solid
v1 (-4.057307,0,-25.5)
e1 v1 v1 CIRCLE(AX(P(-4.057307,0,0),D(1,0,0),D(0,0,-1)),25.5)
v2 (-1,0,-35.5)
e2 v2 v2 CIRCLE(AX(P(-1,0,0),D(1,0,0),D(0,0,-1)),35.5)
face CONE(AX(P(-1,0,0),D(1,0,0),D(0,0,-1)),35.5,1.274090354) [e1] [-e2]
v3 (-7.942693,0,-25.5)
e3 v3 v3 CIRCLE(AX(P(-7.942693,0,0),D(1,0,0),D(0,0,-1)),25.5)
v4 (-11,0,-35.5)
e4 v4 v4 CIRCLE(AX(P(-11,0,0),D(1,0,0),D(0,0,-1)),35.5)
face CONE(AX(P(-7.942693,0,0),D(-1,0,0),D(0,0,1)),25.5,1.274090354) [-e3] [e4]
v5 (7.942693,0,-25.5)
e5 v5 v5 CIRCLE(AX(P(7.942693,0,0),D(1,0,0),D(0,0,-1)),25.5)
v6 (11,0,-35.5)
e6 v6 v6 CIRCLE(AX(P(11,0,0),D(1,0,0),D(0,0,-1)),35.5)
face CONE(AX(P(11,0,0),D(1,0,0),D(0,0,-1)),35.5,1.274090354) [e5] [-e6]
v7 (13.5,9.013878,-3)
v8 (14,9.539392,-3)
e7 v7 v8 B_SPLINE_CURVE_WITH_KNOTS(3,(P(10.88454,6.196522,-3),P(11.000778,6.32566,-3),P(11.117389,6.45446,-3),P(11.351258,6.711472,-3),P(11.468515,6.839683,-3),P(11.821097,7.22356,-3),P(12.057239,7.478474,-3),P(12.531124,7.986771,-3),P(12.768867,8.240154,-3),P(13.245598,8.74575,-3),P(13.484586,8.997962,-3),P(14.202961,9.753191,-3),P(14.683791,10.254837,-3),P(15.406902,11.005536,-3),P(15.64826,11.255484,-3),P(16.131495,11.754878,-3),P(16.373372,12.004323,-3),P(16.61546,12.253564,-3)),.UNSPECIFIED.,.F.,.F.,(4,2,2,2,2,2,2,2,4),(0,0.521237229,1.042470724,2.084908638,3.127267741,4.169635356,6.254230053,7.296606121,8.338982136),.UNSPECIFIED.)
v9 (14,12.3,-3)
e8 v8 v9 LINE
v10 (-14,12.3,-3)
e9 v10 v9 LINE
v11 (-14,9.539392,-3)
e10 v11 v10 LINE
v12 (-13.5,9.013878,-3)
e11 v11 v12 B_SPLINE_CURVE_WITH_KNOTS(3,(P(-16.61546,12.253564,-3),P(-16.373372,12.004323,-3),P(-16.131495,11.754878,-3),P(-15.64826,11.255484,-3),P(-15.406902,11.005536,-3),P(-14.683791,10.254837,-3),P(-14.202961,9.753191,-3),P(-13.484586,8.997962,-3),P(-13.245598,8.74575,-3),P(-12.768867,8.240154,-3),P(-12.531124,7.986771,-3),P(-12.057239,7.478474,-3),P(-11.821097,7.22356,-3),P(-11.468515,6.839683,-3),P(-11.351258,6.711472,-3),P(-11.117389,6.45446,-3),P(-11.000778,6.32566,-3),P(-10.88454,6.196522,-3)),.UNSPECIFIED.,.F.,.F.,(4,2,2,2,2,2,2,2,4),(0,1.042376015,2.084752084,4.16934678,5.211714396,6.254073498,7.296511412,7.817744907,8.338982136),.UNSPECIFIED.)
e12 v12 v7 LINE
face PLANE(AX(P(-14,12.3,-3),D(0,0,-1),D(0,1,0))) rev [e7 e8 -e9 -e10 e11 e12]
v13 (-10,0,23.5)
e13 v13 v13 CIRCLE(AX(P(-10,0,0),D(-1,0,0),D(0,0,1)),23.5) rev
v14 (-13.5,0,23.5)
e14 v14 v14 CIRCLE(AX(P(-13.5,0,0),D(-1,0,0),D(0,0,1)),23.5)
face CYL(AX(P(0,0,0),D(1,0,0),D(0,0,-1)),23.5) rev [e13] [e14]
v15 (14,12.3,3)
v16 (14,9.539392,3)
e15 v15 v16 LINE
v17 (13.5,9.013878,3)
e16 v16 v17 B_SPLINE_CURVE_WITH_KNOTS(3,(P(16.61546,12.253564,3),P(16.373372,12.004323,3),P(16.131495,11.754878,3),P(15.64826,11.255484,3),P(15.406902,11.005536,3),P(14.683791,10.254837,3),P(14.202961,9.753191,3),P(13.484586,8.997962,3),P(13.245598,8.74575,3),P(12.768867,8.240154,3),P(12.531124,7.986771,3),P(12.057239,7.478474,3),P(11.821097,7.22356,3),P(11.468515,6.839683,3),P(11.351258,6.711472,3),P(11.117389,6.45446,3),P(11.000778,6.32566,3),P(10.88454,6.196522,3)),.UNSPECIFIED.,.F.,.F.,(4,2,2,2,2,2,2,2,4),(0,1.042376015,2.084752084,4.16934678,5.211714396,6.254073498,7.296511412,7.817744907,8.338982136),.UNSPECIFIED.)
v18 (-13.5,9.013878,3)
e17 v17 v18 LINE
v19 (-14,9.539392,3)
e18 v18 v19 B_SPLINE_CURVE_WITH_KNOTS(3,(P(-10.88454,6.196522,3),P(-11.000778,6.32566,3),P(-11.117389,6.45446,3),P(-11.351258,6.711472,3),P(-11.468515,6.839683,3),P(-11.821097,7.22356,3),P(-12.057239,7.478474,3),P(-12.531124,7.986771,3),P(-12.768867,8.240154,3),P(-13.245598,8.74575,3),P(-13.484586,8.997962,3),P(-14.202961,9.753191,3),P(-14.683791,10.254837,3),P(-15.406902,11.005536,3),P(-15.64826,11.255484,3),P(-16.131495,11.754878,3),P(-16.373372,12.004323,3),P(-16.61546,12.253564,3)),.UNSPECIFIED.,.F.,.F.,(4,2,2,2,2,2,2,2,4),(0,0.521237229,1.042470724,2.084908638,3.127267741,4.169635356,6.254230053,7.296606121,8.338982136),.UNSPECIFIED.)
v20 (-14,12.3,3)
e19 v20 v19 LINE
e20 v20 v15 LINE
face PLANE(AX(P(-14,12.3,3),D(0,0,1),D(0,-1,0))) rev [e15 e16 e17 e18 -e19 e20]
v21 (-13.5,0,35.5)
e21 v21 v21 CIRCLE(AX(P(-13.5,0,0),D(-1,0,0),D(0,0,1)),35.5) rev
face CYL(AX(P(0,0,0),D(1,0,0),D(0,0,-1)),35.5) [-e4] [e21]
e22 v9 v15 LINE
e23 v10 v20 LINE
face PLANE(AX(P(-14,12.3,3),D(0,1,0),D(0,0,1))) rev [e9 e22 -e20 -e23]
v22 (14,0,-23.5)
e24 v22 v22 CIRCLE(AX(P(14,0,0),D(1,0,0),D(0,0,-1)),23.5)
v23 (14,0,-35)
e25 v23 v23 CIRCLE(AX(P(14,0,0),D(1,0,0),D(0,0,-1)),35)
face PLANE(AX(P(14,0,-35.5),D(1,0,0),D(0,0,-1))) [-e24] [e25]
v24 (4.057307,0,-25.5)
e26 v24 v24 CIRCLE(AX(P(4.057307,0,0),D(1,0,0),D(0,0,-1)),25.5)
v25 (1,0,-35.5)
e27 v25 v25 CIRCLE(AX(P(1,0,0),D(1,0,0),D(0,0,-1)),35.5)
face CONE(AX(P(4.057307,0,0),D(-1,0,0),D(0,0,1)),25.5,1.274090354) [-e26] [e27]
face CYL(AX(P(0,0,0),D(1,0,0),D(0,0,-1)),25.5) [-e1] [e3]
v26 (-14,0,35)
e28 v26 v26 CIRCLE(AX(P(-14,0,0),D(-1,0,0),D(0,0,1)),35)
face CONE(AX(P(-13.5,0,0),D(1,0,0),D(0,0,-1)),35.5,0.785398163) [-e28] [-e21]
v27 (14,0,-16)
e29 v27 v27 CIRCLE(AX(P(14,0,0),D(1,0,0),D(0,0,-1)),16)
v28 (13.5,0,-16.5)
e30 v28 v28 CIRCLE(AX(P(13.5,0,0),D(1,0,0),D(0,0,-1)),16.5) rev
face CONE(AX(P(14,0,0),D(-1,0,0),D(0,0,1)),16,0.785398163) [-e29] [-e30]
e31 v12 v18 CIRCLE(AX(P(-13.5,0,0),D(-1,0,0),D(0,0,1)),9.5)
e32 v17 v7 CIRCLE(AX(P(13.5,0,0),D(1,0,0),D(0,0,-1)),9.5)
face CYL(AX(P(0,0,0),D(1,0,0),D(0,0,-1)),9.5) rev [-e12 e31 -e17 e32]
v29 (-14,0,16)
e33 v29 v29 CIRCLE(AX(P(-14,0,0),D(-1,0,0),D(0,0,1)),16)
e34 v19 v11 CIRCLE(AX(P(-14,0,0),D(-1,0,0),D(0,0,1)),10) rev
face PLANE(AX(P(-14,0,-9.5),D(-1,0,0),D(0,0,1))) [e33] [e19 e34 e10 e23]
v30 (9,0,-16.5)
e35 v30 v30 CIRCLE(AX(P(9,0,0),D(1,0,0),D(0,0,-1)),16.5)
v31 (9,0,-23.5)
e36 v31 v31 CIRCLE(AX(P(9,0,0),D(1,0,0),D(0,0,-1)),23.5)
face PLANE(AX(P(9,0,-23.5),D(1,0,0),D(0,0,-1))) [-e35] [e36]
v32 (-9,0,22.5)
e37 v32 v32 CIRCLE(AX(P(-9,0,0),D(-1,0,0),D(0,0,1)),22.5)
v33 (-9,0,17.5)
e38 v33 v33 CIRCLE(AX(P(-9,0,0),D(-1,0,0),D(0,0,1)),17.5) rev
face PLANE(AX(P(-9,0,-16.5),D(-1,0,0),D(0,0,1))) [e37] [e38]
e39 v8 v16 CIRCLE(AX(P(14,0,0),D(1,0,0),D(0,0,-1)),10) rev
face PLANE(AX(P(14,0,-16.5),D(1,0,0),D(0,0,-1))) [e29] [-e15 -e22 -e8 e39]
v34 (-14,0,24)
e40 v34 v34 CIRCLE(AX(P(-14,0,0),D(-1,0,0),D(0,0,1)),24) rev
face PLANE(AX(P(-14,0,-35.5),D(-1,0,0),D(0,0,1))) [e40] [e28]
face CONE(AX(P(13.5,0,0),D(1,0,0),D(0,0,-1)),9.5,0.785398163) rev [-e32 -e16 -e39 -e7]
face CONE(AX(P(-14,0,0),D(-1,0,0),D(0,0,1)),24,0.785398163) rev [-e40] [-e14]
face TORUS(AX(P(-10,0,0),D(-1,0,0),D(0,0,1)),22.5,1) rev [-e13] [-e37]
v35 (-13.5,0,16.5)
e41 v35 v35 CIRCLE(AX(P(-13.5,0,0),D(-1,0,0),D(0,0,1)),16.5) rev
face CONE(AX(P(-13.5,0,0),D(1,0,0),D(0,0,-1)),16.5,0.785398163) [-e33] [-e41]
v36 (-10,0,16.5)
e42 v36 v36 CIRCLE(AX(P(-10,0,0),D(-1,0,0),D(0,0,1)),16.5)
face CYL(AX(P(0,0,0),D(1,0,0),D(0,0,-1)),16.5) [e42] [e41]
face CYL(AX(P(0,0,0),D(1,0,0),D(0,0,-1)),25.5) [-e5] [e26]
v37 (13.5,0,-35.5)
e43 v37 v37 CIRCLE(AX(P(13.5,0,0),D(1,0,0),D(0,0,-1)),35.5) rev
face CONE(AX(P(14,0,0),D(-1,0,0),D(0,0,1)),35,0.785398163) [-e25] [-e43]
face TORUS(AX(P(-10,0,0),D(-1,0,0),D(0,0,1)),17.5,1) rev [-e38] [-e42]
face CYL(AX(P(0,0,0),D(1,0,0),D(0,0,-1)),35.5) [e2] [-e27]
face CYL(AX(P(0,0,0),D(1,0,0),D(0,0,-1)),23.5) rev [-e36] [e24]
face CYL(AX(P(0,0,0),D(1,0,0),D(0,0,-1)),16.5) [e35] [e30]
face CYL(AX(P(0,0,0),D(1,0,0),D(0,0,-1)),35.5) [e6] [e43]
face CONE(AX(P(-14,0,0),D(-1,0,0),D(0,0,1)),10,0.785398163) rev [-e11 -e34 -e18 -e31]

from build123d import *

# Parameters (mm, degrees)
CHAMFER1_SIZE      = 0.5
CHAMFER2_SIZE      = 0.5
FILLET2_R          = 1
CUT_EXTRUDE1_DEPTH = 58.484780595


with BuildPart() as part:
    # Sketch1 → Revolve1 (revolve)
    with BuildSketch(Plane(origin=(0, 0, 0), x_dir=(1, 0, 0), z_dir=(0, 1, 0))):
        Polygon((-14, 35.5), (-14, 23.5), (-9, 23.5), (-9, 16.5), (-14, 16.5), (-14, 9.5), (14, 9.5), (14, 16.5), (9, 16.5), (9, 23.5), (14, 23.5), (14, 35.5), (11, 35.5), (7.942693185, 25.5), (4.057306815, 25.5), (1, 35.5), (-1, 35.5), (-4.057306815, 25.5), (-7.942693185, 25.5), (-11, 35.5), align=None)
    revolve(axis=Axis((0, 0, 0), (-1, 0, 0)))

    # Chamfer1
    chamfer1_edges = [part.edges().sort_by_distance(p)[0] for p in [
        (14, 0, 9.5),
        (14, 0, 16.5),
        (14, 0, 35.5),
    ]]
    chamfer(chamfer1_edges, length=CHAMFER1_SIZE)

    # Chamfer2
    chamfer2_edges = [part.edges().sort_by_distance(p)[0] for p in [
        (-14, 0, 35.5),
        (-14, 0, 23.5),
        (-14, 0, 16.5),
        (-14, 0, 9.5),
    ]]
    chamfer(chamfer2_edges, length=CHAMFER2_SIZE)

    # Fillet2
    fillet2_edges = [part.edges().sort_by_distance(p)[0] for p in [
        (-9, 0, 23.5),
        (-9, 0, 16.5),
    ]]
    fillet(fillet2_edges, radius=FILLET2_R)

    # Sketch2 → Cut-Extrude1 (cut, through all)
    with BuildSketch(Plane(origin=(14, 0, 0), x_dir=(0, 0, -1), z_dir=(1, 0, 0))):
        Polygon((-3, 12.3), (-3, 7.432980878), (3, 7.432980878), (3, 9.5), (3, 12.3), align=None)
    extrude(amount=-CUT_EXTRUDE1_DEPTH, mode=Mode.SUBTRACT)


solid = part.part
